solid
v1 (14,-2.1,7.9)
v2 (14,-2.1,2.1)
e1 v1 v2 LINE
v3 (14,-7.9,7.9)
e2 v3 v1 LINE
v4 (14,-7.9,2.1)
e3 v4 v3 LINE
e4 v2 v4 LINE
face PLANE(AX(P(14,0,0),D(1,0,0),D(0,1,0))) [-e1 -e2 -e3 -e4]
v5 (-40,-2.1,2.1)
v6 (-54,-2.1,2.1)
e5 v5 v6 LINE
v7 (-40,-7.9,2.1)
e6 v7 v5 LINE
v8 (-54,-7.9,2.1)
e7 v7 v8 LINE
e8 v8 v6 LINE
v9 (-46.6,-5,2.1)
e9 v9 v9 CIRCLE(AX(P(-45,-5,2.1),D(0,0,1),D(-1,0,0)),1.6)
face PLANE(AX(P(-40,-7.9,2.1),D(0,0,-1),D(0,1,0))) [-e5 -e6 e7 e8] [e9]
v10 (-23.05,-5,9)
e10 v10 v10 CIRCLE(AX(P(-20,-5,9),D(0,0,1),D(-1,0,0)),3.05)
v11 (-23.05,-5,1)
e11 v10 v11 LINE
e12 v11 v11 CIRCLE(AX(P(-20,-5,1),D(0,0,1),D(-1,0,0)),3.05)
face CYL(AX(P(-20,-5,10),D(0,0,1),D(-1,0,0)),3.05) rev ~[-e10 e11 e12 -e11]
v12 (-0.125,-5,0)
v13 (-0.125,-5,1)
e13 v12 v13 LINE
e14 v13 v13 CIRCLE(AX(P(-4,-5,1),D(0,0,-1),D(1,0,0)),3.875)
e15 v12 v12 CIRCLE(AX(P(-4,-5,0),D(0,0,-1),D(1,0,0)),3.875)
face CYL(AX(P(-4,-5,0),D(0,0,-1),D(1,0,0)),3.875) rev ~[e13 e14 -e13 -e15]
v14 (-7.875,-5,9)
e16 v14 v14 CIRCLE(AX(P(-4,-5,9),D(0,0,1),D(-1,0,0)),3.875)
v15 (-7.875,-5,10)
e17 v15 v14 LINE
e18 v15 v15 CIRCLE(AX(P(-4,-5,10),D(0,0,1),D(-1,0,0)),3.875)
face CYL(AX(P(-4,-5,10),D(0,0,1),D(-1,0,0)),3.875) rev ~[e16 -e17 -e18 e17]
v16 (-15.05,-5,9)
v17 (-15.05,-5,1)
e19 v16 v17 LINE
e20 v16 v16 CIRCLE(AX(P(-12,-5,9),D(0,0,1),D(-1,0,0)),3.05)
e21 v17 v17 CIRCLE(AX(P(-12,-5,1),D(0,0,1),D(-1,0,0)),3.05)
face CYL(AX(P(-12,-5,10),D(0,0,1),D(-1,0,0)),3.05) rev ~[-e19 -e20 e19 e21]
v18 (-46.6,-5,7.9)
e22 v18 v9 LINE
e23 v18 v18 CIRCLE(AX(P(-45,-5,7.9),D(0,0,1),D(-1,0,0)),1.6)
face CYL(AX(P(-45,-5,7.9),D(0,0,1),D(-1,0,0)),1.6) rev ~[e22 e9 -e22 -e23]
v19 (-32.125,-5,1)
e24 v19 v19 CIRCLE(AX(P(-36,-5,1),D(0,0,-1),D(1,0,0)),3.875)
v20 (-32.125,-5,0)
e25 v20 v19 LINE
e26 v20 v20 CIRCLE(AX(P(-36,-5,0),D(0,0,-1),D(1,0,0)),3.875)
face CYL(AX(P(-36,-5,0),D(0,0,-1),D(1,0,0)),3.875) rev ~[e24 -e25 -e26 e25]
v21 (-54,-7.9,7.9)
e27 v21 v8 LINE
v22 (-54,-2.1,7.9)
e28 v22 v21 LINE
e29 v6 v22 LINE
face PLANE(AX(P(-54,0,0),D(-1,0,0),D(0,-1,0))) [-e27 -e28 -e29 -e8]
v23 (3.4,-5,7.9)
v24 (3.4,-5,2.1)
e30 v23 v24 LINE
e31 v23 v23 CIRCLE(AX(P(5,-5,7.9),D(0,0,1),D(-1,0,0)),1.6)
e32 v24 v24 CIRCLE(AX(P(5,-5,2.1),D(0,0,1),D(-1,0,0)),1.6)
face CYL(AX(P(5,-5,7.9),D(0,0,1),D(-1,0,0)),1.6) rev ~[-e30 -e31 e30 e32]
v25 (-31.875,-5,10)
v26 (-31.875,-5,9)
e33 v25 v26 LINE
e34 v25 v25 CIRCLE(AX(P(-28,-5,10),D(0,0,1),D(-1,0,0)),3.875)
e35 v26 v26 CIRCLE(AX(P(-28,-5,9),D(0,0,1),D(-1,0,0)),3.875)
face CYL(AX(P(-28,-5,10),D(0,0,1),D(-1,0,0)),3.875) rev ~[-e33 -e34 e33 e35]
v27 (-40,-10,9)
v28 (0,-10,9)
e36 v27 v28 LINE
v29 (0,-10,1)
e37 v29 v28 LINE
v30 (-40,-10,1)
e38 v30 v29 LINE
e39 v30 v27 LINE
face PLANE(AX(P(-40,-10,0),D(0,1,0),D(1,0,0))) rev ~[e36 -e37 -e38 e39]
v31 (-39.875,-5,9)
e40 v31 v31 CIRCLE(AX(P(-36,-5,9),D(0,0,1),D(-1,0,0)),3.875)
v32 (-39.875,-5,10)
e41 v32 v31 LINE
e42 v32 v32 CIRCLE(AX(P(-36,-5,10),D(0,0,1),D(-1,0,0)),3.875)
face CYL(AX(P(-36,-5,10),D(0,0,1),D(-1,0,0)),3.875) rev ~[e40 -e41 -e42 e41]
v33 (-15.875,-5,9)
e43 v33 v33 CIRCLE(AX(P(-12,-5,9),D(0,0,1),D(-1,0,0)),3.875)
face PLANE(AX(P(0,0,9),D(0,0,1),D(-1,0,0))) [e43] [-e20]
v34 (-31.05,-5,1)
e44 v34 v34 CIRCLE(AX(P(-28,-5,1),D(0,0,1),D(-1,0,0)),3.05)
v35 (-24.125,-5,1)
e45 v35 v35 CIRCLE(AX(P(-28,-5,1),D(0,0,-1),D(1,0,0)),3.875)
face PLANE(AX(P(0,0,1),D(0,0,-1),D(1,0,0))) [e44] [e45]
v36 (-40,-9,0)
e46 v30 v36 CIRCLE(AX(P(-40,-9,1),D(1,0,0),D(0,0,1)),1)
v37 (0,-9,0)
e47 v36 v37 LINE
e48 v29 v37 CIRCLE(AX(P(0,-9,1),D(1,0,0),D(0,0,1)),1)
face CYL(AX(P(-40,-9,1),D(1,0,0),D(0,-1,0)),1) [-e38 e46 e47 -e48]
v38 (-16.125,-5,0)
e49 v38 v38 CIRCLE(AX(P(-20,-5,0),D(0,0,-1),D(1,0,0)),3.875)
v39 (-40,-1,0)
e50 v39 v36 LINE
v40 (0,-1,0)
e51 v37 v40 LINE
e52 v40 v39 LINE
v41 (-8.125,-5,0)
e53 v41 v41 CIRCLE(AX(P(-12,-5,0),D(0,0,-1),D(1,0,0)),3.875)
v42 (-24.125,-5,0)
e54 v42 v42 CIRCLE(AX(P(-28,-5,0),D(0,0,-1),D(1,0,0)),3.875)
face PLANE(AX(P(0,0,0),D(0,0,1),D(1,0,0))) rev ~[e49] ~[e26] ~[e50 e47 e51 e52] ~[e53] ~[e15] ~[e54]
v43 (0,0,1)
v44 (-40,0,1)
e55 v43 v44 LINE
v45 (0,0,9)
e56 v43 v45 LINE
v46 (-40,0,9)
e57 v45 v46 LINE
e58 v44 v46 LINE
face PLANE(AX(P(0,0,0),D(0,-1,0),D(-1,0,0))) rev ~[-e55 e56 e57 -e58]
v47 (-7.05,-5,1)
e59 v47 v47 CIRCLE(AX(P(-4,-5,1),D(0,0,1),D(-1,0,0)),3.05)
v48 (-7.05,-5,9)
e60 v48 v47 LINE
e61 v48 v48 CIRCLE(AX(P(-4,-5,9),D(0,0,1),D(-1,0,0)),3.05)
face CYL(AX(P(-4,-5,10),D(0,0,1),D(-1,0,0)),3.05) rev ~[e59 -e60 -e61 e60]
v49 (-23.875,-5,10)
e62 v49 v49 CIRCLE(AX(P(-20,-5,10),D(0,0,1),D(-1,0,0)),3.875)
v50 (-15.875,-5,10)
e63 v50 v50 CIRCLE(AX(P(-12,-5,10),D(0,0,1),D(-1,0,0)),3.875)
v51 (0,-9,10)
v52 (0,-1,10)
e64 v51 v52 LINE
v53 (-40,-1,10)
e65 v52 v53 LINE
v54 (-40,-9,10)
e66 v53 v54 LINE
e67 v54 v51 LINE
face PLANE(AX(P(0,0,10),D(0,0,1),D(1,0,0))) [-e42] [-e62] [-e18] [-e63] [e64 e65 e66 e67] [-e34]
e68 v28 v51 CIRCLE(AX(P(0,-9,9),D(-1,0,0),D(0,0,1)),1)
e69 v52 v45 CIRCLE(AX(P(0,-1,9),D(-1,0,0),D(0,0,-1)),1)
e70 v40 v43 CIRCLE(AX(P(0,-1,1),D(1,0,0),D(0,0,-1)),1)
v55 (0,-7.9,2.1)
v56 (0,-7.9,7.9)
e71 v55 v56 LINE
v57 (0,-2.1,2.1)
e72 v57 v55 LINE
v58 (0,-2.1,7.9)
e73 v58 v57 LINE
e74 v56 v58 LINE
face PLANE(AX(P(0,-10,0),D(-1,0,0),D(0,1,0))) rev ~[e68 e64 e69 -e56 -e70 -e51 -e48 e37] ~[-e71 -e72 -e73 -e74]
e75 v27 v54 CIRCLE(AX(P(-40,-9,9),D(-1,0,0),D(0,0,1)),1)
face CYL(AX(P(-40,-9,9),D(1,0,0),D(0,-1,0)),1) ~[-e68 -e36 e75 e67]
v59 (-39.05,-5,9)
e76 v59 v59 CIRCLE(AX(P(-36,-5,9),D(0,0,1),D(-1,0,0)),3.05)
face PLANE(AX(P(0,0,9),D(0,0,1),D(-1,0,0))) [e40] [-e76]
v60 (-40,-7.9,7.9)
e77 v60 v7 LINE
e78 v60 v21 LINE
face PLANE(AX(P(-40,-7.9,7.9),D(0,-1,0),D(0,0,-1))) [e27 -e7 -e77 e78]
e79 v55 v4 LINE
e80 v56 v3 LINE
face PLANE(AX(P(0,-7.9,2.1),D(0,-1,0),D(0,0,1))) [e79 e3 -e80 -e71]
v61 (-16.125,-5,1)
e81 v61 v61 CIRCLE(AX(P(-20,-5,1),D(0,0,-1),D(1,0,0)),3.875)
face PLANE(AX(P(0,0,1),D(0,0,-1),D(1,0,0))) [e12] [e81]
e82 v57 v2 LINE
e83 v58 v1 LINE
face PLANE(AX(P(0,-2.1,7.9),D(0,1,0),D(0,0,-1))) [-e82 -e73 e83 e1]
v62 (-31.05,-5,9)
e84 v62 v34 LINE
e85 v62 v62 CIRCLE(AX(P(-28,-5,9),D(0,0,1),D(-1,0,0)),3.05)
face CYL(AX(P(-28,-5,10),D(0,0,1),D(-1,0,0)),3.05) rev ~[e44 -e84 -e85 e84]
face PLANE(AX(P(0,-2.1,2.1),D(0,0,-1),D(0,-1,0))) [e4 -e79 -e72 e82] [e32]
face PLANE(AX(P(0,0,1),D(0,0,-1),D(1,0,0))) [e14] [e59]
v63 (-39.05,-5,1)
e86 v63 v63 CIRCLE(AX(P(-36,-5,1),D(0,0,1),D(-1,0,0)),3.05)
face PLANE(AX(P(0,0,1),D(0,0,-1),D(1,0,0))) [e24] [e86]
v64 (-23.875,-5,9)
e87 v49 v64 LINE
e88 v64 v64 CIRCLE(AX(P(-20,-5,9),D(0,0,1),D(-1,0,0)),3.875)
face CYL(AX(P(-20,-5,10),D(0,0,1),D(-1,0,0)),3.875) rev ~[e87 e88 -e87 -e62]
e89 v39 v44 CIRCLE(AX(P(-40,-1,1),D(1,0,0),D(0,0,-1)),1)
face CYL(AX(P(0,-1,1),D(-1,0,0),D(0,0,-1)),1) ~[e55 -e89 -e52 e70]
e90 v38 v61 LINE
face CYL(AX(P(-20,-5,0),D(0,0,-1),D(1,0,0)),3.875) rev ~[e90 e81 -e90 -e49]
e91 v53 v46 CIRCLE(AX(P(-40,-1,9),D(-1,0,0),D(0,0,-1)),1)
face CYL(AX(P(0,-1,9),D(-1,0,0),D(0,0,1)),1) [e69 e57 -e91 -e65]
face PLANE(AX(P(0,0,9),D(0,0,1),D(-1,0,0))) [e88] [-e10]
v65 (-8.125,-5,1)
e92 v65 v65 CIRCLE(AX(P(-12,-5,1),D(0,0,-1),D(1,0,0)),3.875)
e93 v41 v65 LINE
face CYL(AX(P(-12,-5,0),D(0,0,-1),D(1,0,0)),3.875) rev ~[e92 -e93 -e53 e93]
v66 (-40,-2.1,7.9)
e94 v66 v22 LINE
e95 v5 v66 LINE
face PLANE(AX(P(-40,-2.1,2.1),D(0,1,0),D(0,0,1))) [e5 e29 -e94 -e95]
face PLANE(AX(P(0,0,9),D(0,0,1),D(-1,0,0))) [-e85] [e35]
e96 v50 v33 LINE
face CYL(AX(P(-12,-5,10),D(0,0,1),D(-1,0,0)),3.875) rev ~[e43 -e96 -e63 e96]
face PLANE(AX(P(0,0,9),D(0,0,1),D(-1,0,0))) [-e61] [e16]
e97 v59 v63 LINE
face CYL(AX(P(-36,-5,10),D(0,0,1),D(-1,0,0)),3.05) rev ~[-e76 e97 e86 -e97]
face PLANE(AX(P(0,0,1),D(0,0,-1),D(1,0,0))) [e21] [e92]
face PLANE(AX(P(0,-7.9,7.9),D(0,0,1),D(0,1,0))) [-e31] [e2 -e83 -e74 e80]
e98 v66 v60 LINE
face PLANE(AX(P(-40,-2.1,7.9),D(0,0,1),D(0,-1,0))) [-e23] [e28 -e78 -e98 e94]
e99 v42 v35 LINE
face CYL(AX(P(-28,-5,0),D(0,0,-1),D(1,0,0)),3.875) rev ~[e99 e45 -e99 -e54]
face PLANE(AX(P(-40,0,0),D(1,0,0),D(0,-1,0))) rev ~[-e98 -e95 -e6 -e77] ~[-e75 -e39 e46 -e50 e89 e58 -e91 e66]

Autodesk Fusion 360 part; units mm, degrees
sketch "Sketch1" plane through (0, 0, 0) normal (0, 0, 1) x (1, 0, 0)
  line L0 (0, 0) -> (-40, 0)
  line L1 (-40, 0) -> (-40, -10)
  line L2 (-40, -10) -> (0, -10)
  line L3 (0, -10) -> (0, 0)
  dimension "SideLenght" = 40
  dimension "SideWidth" = 10
extrude "Extrude5" add sketch "Sketch1" along normal blind 10
sketch "Sketch5" plane through (0, 0, 0) normal (1, 0, 0) x (0, 1, 0)
  line L0 (-10, 0) -> (0, 0)
  line L1 (0, 0) -> (0, 10)
  line L2 (0, 10) -> (-10, 10)
  line L3 (-10, 10) -> (-10, 0)
  line L4 (-10, 10) -> (-7.9, 10) construction
  line L5 (-7.9, 10) -> (-7.9, 7.9) construction
  line L6 (0, 0) -> (-2.1, 0) construction
  line L7 (-2.1, 0) -> (-2.1, 2.1) construction
  line L8 (-7.9, 7.9) -> (-2.1, 7.9)
  line L9 (-2.1, 7.9) -> (-2.1, 2.1)
  line L10 (-2.1, 2.1) -> (-7.9, 2.1)
  line L11 (-7.9, 2.1) -> (-7.9, 7.9)
  dimension "PegOffset" = 2.1
  dimension "d15" = 2.1
  dimension "d16" = 2.1
  dimension "d17" = 2.1
sketch "Sketch6" plane through (-40, 0, 0) normal (-1, 0, 0) x (0, -1, 0)
  line L0 (0, 0) -> (10, 0)
  line L1 (10, 0) -> (10, 10)
  line L2 (10, 10) -> (0, 10)
  line L3 (0, 10) -> (0, 0)
  line L4 (0, 10) -> (2.1, 10) construction
  line L5 (2.1, 10) -> (2.1, 7.9) construction
  line L6 (10, 0) -> (7.9, 0) construction
  line L7 (7.9, 0) -> (7.9, 2.1) construction
  line L8 (2.1, 7.9) -> (7.9, 7.9)
  line L9 (7.9, 7.9) -> (7.9, 2.1)
  line L10 (7.9, 2.1) -> (2.1, 2.1)
  line L11 (2.1, 2.1) -> (2.1, 7.9)
  dimension "d18" = 2.1
  dimension "d19" = 2.1
  dimension "d20" = 2.1
  dimension "d21" = 2.1
extrude "Extrude6" add sketch "Sketch6" along normal blind 14 contours L8 L9 L10 L11
extrude "Extrude7" add sketch "Sketch5" along normal blind 14 contours L8 L9 L10 L11
sketch "Sketch7" plane through (0, 0, 7.9) normal (0, 0, 1) x (-1, 0, 0)
  line L0 (40, 7.9) -> (40, 2.1)
  line L1 (40, 2.1) -> (54, 2.1)
  line L2 (54, 2.1) -> (54, 7.9)
  line L3 (54, 7.9) -> (40, 7.9)
  line L4 (40, 5) -> (54, 5) construction
  line L5 (40, 5) -> (50, 5) construction
  circle A0 centre (45, 5) radius 1.6
  dimension "d31" = 3.2
  dimension "d33" = 10
sketch "Sketch8" plane through (0, 0, 7.9) normal (0, 0, 1) x (-1, 0, 0)
  line L0 (0, 2.1) -> (0, 7.9)
  line L1 (0, 7.9) -> (-14, 7.9)
  line L2 (-14, 7.9) -> (-14, 2.1)
  line L3 (-14, 2.1) -> (0, 2.1)
  line L4 (0, 5) -> (-14, 5) construction
  line L5 (-10, 5) -> (0, 5) construction
  circle A0 centre (-5, 5) radius 1.6
  dimension "d32" = 3.2
  dimension "d34" = 10
extrude "Extrude8" cut sketch "Sketch8" sketch "Sketch7" against normal blind 11 contours A0 of sketch 2 contours A0
fillet "Fillet1" radius 1 1 edges at (-20, 0, 0)
fillet "Fillet1" radius 1 3 edges at (-20, 0, 10) (-20, -10, 10) (-20, -10, 0)
sketch "Sketch9" plane through (0, 0, 10) normal (0, 0, 1) x (-1, 0, 0)
  line L0 (40, 9) -> (0, 9)
  line L1 (0, 9) -> (0, 1)
  line L2 (0, 1) -> (40, 1)
  line L3 (40, 1) -> (40, 9)
  line L4 (20, 1) -> (20, 9) construction
  line L5 (20, 9) -> (40, 9) construction
  line L6 (10, 1) -> (0, 1)
  circle A0 centre (4, 5) radius 4 construction
  line L7 (40, 5) -> (0, 5) construction
  circle A1 centre (12, 5) radius 4 construction
  circle A2 centre (20, 5) radius 4 construction
  circle A3 centre (28, 5) radius 4 construction
  circle A4 centre (4, 5) radius 3.05
  circle A5 centre (12, 5) radius 3.05
  circle A6 centre (36, 5) radius 4 construction
  circle A7 centre (20, 5) radius 3.05
  circle A8 centre (28, 5) radius 3.05
  circle A9 centre (36, 5) radius 3.05
  circle A10 centre (28, 5) radius 3.875
  circle A11 centre (36, 5) radius 3.875
  circle A12 centre (20, 5) radius 3.875
  circle A13 centre (12, 5) radius 3.875
  circle A14 centre (4, 5) radius 3.875
  dimension "d43" = 8
  dimension "d44" = 8
  dimension "d45" = 8
  dimension "d46" = 8
  dimension "d47" = 6.1
  dimension "d48" = 6.1
  dimension "d49" = 8
  dimension "d50" = 6.1
  dimension "d51" = 6.1
  dimension "d52" = 6.1
  dimension "d55" = 7.75
  dimension "d57" = 7.75
  dimension "d58" = 7.75
  dimension "d59" = 7.75
  dimension "d60" = 7.75
extrude "Extrude9" cut sketch "Sketch9" against normal blind 19 contours A4 | A5 | A7 | A8 | A9
extrude "Extrude10" cut sketch "Sketch9" against normal blind 1 contours A10 | A11 | A12 | A13 | A14
sketch "Sketch10" plane through (0, 0, 0) normal (0, 0, -1) x (1, 0, 0)
  circle A0 centre (-20, 5) radius 3.05
  circle A1 centre (-28, 5) radius 3.05
  circle A2 centre (-4, 5) radius 3.05
  circle A3 centre (-36, 5) radius 3.05
  circle A4 centre (-12, 5) radius 3.05
  line L0 (0, 9) -> (-40, 9)
  line L1 (-40, 9) -> (-40, 1)
  line L2 (-40, 1) -> (0, 1)
  line L3 (0, 1) -> (0, 9)
  circle A5 centre (-4, 5) radius 3.875
  circle A6 centre (-12, 5) radius 3.875
  circle A7 centre (-20, 5) radius 3.875
  circle A8 centre (-28, 5) radius 3.875
  circle A9 centre (-36, 5) radius 3.875
  dimension "d63" = 7.75
  dimension "d64" = 7.75
  dimension "d65" = 7.75
  dimension "d66" = 7.75
  dimension "d67" = 7.75
extrude "Extrude11" cut sketch "Sketch10" against normal blind 1 contours A5 | A6 | A7 | A8 | A9
equation "d12 = SideWidth"
equation "d15 = PegOffset"
equation "d16 = PegOffset"
equation "d17 = PegOffset"
equation "d18 = PegOffset"
equation "d19 = PegOffset"
equation "d20 = PegOffset"
equation "d21 = PegOffset"
equation "PegLenght = 14 mm"
equation "d24 = PegLenght"
equation "PinHole = 6.1 mm"
equation "d47 = PinHole"
equation "d48 = PinHole"
equation "d50 = PinHole"
equation "d51 = PinHole"
equation "d52 = PinHole"
equation "d55 = PinHoleExt"
equation "PinHoleExt = 7.75 mm"
equation "d57 = PinHoleExt"
equation "d58 = PinHoleExt"
equation "d59 = PinHoleExt"
equation "d60 = PinHoleExt"
equation "d63 = PinHoleExt"
equation "d64 = PinHoleExt"
equation "d65 = PinHoleExt"
equation "d66 = PinHoleExt"
equation "d67 = PinHoleExt"
